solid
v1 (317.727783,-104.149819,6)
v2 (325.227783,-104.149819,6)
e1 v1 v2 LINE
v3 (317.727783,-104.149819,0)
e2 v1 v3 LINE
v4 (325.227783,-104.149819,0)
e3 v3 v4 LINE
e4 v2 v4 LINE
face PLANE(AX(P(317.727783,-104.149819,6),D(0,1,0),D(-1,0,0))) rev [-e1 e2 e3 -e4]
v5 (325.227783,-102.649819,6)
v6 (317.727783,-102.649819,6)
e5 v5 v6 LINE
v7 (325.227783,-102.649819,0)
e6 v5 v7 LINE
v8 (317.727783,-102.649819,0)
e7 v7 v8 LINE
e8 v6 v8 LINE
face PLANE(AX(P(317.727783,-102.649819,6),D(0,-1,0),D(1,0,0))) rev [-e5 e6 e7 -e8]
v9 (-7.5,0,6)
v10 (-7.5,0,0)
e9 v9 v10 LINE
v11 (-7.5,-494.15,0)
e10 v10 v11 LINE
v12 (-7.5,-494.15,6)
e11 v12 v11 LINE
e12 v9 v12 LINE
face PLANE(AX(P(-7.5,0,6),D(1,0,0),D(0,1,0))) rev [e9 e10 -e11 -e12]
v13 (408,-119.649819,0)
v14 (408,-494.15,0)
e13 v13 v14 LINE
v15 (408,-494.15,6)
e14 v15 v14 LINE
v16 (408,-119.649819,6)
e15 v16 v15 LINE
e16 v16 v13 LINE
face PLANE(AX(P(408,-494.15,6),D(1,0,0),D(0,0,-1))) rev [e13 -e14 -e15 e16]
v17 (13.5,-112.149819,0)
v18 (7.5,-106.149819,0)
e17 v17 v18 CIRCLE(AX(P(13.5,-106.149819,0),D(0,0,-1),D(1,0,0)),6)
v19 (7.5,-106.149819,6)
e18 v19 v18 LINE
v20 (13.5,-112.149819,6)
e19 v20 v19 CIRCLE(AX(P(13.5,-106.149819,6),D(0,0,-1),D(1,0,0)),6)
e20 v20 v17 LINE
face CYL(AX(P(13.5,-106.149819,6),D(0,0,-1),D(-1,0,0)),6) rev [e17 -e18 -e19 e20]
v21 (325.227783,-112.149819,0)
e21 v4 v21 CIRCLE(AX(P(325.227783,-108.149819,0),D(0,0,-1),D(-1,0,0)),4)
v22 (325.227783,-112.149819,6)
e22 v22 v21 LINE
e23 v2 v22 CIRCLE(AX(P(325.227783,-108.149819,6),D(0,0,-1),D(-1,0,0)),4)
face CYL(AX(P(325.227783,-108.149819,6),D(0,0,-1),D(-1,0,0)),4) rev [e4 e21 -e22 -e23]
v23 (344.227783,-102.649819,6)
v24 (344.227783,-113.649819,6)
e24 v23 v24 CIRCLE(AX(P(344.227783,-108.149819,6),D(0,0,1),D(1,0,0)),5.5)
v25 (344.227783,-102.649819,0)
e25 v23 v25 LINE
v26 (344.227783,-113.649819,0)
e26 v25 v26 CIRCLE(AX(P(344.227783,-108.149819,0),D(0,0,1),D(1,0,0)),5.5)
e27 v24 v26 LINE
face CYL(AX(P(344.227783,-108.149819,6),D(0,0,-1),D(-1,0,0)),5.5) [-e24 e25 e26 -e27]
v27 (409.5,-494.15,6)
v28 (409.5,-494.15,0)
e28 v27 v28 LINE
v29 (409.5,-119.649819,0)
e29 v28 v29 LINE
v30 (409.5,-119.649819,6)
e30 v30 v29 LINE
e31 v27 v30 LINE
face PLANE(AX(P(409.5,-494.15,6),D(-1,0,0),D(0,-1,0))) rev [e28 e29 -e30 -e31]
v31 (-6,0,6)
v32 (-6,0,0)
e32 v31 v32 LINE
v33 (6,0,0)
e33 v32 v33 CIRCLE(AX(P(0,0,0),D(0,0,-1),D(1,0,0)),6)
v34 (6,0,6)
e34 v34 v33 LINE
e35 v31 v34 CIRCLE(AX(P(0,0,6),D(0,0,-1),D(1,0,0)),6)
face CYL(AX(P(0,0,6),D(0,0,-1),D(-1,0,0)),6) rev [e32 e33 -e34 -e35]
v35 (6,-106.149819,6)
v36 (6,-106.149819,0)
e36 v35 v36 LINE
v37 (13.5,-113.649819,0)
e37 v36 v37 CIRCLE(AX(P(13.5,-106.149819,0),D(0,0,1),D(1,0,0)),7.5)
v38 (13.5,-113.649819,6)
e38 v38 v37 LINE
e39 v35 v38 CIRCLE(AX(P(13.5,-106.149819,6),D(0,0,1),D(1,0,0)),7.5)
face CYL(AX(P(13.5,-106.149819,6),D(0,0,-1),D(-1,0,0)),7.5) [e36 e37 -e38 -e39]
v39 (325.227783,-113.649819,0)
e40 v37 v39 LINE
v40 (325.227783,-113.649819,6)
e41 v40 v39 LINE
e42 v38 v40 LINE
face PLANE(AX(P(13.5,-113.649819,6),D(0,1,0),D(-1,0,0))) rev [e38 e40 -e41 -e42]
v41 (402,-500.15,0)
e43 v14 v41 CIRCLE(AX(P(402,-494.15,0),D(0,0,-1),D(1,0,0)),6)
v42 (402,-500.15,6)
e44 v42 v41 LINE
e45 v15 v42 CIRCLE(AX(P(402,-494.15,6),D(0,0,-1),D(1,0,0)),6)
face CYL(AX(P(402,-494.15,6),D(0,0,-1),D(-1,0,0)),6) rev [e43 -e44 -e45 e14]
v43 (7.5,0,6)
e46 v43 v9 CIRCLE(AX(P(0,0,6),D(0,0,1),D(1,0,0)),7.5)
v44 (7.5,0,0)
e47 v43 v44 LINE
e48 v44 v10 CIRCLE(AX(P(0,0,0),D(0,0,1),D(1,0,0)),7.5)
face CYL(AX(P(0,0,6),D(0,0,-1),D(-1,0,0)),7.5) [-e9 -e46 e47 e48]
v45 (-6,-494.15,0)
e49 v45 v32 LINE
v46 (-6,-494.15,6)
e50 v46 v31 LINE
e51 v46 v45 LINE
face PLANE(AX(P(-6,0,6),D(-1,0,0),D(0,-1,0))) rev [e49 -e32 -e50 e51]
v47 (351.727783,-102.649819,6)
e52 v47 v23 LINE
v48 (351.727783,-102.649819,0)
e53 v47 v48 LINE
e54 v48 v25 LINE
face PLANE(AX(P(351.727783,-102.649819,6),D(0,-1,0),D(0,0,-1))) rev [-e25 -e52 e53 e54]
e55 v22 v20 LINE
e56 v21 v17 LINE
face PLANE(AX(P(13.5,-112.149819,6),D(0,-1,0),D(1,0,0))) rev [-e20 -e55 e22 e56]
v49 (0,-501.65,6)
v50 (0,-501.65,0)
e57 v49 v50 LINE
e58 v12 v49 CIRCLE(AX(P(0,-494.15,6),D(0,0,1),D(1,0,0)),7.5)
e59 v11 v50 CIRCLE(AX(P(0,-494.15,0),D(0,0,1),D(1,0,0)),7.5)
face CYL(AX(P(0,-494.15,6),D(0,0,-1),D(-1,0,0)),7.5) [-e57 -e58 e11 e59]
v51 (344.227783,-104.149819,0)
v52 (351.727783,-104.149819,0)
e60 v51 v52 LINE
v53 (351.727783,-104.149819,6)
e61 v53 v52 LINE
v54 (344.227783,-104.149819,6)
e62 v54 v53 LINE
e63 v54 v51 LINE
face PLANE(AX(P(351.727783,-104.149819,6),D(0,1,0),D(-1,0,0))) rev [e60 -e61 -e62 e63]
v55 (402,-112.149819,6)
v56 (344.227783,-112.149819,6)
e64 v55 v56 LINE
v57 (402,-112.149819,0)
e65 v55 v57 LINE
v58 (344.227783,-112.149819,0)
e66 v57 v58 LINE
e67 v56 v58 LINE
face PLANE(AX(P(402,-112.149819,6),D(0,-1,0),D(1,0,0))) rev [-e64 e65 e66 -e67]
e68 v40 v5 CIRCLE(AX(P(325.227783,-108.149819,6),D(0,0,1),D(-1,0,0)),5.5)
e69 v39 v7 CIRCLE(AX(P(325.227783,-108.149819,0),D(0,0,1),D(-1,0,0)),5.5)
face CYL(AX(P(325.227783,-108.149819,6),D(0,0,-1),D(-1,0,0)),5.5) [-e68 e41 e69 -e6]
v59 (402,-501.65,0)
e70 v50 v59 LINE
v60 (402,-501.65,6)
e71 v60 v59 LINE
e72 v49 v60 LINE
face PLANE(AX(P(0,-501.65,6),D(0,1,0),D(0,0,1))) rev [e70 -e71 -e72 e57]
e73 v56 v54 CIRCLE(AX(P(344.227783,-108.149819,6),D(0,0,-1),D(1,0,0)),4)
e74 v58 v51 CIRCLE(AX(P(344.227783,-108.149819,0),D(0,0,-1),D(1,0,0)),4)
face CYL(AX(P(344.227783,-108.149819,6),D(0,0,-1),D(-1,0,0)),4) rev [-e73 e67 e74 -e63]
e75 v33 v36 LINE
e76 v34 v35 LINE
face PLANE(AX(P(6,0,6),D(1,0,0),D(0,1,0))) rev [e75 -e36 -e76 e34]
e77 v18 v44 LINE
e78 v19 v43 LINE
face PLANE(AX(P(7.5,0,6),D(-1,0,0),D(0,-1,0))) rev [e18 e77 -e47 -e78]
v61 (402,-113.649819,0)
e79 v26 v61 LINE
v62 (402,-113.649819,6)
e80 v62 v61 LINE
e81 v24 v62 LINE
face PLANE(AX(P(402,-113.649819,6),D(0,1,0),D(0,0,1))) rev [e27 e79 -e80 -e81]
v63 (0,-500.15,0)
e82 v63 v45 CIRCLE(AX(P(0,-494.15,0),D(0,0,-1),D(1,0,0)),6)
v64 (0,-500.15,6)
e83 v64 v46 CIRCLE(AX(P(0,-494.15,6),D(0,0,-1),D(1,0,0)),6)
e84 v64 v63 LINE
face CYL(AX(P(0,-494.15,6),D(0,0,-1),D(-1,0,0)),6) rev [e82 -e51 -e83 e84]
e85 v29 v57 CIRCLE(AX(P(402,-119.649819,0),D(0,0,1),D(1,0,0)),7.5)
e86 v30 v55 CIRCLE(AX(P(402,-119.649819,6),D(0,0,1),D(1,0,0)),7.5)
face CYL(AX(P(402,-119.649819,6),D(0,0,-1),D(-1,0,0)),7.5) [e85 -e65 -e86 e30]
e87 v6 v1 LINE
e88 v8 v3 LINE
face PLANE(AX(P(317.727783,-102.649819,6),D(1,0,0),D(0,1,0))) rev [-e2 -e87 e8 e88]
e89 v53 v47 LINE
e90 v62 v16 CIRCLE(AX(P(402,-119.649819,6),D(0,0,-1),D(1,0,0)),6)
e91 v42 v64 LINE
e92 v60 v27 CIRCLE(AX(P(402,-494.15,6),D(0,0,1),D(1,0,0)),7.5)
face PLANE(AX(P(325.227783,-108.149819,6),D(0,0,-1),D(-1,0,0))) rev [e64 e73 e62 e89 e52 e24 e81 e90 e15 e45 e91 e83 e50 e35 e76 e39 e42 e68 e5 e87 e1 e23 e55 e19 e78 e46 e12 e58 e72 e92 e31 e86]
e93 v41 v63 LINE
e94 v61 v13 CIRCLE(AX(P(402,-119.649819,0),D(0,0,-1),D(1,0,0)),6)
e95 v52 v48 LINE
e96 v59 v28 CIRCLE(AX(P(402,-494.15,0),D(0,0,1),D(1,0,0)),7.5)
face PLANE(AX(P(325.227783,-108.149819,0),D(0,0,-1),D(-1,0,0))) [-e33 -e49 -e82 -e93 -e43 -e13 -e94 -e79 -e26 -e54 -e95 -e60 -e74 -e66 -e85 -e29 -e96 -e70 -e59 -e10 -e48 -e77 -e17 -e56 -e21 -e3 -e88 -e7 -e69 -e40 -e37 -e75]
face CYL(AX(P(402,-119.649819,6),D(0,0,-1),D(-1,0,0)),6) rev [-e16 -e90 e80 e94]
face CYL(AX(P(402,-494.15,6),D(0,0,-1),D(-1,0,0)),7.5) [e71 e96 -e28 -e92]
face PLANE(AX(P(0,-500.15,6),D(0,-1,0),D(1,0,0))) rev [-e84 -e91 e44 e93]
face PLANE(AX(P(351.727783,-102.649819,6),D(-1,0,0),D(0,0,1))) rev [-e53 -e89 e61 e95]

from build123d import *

# Parameters (mm, degrees)
BOSS_EXTRUDE1_DEPTH = 6


with BuildPart() as part:
    # Sketch1 → Boss-Extrude1 (new body)
    with BuildSketch(Plane.XY):
        with BuildLine():
            Line((-6, 0), (-6, -494.15))
            ThreePointArc((-6, -494.15), (-4.242640687, -498.392640687), (0, -500.15))
            Line((0, -500.15), (402, -500.15))
            ThreePointArc((402, -500.15), (406.242640687, -498.392640687), (408, -494.15))
            Line((408, -494.15), (408, -119.649819196))
            ThreePointArc((408, -119.649819196), (406.242640687, -115.407178509), (402, -113.649819196))
            Line((402, -113.649819196), (344.227783268, -113.649819196))
            ThreePointArc((344.227783268, -113.649819196), (338.727783268, -108.149819196), (344.227783268, -102.649819196))
            Line((344.227783268, -102.649819196), (351.727783268, -102.649819196))
            Line((351.727783268, -102.649819196), (351.727783268, -104.149819196))
            Line((351.727783268, -104.149819196), (344.227783268, -104.149819196))
            ThreePointArc((344.227783268, -104.149819196), (340.227783268, -108.149819196), (344.227783268, -112.149819196))
            Line((344.227783268, -112.149819196), (402, -112.149819196))
            ThreePointArc((402, -112.149819196), (407.303300859, -114.346518337), (409.5, -119.649819196))
            Line((409.5, -119.649819196), (409.5, -494.15))
            ThreePointArc((409.5, -494.15), (407.303300859, -499.453300859), (402, -501.65))
            Line((402, -501.65), (0, -501.65))
            ThreePointArc((0, -501.65), (-5.303300859, -499.453300859), (-7.5, -494.15))
            Line((-7.5, -494.15), (-7.5, 0))
            ThreePointArc((-7.5, 0), (0, 7.5), (7.5, 0))
            Line((7.5, 0), (7.5, -106.149819196))
            ThreePointArc((7.5, -106.149819196), (9.257359313, -110.392459883), (13.5, -112.149819196))
            Line((13.5, -112.149819196), (325.227783268, -112.149819196))
            ThreePointArc((325.227783268, -112.149819196), (329.227783268, -108.149819196), (325.227783268, -104.149819196))
            Line((325.227783268, -104.149819196), (317.727783268, -104.149819196))
            Line((317.727783268, -104.149819196), (317.727783268, -102.649819196))
            Line((317.727783268, -102.649819196), (325.227783268, -102.649819196))
            ThreePointArc((325.227783268, -102.649819196), (330.727783268, -108.149819196), (325.227783268, -113.649819196))
            Line((325.227783268, -113.649819196), (13.5, -113.649819196))
            ThreePointArc((13.5, -113.649819196), (8.196699141, -111.453120055), (6, -106.149819196))
            Line((6, -106.149819196), (6, 0))
            ThreePointArc((6, 0), (0, 6), (-6, 0))
        make_face()
    extrude(amount=BOSS_EXTRUDE1_DEPTH)


solid = part.part
